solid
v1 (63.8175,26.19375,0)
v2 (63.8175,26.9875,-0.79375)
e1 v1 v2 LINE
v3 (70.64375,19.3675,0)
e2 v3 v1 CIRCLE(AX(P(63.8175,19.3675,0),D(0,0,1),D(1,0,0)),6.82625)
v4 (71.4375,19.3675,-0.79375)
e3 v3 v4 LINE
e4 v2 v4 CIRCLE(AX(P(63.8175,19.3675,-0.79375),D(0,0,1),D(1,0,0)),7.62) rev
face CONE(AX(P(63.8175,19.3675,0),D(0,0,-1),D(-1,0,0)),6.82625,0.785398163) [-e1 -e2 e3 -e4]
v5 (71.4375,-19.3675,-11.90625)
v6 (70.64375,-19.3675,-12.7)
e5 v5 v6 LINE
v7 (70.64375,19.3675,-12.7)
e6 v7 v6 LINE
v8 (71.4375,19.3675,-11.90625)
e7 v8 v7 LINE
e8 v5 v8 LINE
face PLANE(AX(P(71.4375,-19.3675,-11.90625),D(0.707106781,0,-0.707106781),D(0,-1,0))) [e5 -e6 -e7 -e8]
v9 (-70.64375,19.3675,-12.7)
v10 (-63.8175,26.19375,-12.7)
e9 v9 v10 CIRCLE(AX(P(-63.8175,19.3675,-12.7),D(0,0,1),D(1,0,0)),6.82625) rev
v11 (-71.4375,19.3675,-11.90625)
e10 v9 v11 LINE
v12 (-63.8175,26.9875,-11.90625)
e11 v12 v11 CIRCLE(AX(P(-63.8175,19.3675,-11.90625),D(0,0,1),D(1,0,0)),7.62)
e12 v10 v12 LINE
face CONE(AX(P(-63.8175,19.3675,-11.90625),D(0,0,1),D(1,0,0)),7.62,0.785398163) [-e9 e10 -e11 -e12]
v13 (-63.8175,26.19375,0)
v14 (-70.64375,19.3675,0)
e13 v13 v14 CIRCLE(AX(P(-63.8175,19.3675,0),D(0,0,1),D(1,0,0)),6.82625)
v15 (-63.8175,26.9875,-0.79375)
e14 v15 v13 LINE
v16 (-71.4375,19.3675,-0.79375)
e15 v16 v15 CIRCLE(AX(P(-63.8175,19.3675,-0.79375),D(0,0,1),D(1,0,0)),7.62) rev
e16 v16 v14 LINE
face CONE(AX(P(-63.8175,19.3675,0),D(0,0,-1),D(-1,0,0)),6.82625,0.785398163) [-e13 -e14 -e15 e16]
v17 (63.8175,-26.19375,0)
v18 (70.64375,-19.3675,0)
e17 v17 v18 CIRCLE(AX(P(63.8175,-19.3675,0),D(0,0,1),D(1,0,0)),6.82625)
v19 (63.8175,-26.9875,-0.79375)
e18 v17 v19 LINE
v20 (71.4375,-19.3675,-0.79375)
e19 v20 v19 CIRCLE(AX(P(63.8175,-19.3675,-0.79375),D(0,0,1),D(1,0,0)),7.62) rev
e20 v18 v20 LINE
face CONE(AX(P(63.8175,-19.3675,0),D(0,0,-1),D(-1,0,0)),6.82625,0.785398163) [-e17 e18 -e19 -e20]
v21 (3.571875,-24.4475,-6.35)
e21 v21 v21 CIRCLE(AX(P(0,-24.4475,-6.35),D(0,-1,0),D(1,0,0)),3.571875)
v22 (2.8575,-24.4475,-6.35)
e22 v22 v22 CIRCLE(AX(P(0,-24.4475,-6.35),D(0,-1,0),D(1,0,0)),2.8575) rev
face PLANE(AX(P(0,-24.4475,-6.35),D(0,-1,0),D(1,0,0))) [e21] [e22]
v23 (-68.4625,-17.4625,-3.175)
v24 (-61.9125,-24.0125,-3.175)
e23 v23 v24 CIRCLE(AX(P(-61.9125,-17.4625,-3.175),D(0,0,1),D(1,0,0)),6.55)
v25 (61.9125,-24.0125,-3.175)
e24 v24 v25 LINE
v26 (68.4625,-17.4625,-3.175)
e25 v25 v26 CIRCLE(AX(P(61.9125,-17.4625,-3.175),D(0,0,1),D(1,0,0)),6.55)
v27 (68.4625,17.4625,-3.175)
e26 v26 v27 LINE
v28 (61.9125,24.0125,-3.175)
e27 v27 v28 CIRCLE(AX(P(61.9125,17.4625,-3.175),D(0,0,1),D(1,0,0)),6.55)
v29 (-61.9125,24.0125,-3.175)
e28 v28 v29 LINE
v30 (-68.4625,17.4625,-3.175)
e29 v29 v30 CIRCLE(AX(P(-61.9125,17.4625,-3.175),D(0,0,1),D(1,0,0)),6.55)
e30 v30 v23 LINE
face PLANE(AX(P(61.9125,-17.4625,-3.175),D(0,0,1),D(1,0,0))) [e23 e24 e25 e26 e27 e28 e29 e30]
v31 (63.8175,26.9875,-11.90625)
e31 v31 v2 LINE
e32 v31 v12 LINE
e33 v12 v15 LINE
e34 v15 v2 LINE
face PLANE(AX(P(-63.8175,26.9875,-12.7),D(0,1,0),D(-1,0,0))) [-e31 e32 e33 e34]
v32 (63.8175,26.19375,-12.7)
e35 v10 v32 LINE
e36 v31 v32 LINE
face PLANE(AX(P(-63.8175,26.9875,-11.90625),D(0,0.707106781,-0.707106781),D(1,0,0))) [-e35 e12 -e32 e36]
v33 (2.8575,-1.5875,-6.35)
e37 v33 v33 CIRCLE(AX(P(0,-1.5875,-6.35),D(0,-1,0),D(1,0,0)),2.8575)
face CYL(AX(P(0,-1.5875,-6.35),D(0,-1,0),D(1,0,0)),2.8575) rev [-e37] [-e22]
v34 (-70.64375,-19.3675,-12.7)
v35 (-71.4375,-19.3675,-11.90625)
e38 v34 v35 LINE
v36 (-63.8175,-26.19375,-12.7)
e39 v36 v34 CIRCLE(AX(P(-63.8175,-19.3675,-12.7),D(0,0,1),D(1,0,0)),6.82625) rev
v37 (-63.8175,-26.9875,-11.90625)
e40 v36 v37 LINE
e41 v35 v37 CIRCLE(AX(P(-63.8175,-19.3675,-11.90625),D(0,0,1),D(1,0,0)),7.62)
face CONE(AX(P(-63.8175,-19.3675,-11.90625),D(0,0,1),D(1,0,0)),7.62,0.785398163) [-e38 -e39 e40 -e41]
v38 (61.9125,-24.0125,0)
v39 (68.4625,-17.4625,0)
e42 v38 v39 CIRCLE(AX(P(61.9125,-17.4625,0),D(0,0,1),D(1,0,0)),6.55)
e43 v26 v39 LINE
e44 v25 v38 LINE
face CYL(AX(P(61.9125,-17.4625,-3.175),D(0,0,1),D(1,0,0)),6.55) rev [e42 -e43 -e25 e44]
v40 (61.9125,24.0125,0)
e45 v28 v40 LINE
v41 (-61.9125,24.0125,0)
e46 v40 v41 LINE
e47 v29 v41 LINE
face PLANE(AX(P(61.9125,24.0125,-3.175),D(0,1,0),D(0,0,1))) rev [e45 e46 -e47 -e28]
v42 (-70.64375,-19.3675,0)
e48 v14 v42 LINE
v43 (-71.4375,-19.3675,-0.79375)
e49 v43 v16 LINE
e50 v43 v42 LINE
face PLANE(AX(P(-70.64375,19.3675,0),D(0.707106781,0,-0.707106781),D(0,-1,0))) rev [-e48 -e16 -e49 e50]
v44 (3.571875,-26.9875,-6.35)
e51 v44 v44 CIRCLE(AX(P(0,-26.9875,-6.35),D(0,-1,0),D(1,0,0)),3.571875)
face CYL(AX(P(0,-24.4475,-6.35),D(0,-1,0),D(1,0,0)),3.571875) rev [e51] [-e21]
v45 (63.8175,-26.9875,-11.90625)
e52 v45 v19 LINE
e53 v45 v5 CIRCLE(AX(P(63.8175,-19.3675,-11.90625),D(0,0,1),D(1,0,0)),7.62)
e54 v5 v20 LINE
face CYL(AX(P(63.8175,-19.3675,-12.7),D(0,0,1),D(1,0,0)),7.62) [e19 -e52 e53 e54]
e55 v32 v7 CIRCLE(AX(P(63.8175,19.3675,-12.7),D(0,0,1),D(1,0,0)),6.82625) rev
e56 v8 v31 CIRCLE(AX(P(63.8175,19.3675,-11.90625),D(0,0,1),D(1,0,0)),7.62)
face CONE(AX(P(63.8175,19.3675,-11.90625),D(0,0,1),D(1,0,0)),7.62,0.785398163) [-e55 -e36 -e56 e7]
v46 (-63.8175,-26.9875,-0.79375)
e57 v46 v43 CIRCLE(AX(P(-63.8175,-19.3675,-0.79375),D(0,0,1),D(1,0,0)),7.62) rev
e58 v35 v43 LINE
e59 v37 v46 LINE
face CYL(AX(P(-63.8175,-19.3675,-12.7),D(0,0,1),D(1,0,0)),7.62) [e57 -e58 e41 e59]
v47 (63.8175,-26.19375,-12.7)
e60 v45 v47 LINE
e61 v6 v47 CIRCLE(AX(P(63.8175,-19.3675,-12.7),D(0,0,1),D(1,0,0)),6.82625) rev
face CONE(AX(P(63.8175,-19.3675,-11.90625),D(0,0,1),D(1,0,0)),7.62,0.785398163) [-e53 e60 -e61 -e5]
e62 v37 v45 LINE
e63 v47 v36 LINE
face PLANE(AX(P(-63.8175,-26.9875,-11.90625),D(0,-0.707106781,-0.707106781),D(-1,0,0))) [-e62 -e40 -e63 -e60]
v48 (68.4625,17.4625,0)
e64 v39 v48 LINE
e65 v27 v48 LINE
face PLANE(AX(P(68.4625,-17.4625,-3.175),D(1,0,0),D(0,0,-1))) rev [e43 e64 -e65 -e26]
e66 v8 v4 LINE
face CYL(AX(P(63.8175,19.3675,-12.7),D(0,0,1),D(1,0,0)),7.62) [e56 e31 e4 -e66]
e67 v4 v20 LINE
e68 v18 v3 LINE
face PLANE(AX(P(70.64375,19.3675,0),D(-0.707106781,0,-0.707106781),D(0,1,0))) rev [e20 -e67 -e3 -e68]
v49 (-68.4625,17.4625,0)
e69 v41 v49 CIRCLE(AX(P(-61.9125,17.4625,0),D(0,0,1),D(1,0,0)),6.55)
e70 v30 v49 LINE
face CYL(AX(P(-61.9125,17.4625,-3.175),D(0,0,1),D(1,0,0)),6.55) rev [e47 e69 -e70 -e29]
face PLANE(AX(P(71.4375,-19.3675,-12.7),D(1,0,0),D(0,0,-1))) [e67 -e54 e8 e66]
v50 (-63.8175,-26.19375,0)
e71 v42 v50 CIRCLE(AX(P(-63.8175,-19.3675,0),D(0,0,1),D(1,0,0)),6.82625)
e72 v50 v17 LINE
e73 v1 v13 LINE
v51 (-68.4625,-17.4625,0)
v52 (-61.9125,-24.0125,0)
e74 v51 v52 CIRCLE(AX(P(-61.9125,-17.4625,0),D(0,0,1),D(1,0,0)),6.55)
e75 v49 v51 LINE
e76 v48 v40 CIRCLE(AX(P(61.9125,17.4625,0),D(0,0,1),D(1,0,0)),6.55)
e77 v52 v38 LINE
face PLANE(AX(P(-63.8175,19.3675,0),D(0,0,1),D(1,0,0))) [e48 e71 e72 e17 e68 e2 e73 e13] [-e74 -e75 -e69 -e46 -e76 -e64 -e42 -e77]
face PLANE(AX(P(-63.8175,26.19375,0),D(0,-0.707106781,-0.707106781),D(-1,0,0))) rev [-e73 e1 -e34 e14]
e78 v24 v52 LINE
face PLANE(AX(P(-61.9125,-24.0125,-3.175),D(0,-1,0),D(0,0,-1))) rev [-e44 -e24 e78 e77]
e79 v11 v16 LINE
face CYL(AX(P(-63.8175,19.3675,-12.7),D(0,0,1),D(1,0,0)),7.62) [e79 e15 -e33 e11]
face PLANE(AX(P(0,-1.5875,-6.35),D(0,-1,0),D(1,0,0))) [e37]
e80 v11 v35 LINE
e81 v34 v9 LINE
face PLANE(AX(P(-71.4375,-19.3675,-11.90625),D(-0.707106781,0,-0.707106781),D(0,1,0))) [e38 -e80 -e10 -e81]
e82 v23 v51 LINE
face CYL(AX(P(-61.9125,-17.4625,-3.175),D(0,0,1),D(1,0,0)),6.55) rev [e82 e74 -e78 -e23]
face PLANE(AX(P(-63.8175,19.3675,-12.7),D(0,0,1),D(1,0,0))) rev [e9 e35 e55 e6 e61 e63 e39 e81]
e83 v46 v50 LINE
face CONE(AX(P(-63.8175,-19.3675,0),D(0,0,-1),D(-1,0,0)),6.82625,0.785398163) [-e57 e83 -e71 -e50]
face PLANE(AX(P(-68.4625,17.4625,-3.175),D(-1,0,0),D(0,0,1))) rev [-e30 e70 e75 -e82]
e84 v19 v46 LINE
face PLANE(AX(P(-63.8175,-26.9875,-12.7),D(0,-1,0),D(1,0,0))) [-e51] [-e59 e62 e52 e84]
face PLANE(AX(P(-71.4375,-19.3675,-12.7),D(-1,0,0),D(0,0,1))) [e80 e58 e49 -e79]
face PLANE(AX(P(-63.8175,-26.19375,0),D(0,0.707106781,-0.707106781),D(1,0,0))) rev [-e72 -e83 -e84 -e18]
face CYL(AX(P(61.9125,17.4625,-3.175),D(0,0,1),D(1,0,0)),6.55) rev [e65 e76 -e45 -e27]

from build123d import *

# Parameters (mm, degrees)
BOSS_EXTRUDE1_DEPTH = 12.7
CUT_EXTRUDE1_DEPTH  = 3.175
SKETCH3_R           = 2.8575
CUT_EXTRUDE2_DEPTH  = 25.4
SKETCH4_R           = 3.571875
CUT_EXTRUDE4_DEPTH  = 2.54
CHAMFER1_SIZE       = 0.79375


with BuildPart() as part:
    # Sketch1 → Boss-Extrude1 (new body)
    with BuildSketch(Plane.XY):
        with BuildLine():
            Line((71.4375, -19.3675), (71.4375, 19.3675))
            ThreePointArc((71.4375, 19.3675), (69.205653673, 24.755653673), (63.8175, 26.9875))
            Line((63.8175, 26.9875), (-63.8175, 26.9875))
            ThreePointArc((-63.8175, 26.9875), (-69.205653673, 24.755653673), (-71.4375, 19.3675))
            Line((-71.4375, 19.3675), (-71.4375, -19.3675))
            ThreePointArc((-71.4375, -19.3675), (-69.205653673, -24.755653673), (-63.8175, -26.9875))
            Line((-63.8175, -26.9875), (63.8175, -26.9875))
            ThreePointArc((63.8175, -26.9875), (69.205653673, -24.755653673), (71.4375, -19.3675))
        make_face()
    extrude(amount=-BOSS_EXTRUDE1_DEPTH)

    # Sketch2 → Cut-Extrude1 (cut)
    with BuildSketch(Plane.XY):
        with BuildLine():
            Line((68.4625, -17.4625), (68.4625, 17.4625))
            ThreePointArc((68.4625, 17.4625), (66.544049417, 22.094049417), (61.9125, 24.0125))
            Line((61.9125, 24.0125), (-61.9125, 24.0125))
            ThreePointArc((-61.9125, 24.0125), (-66.544049417, 22.094049417), (-68.4625, 17.4625))
            Line((-68.4625, 17.4625), (-68.4625, -17.4625))
            ThreePointArc((-68.4625, -17.4625), (-66.544049417, -22.094049417), (-61.9125, -24.0125))
            Line((-61.9125, -24.0125), (61.9125, -24.0125))
            ThreePointArc((61.9125, -24.0125), (66.544049417, -22.094049417), (68.4625, -17.4625))
        make_face()
    extrude(amount=-CUT_EXTRUDE1_DEPTH, mode=Mode.SUBTRACT)

    # Sketch3 → Cut-Extrude2 (cut)
    with BuildSketch(Plane.XZ.offset(26.9875)):
        with Locations((0, -6.35)):
            Circle(SKETCH3_R)
    extrude(amount=-CUT_EXTRUDE2_DEPTH, mode=Mode.SUBTRACT)

    # Sketch4 → Cut-Extrude4 (cut)
    with BuildSketch(Plane.XZ.offset(26.9875)):
        with Locations((0, -6.35)):
            Circle(SKETCH4_R)
    extrude(amount=-CUT_EXTRUDE4_DEPTH, mode=Mode.SUBTRACT)

    # Chamfer1
    chamfer1_edges = [part.edges().sort_by_distance(p)[0] for p in [
        (0, -26.9875, 0),
        (-69.205653673, -24.755653673, 0),
        (-71.4375, 0, 0),
        (-69.205653673, 24.755653673, 0),
        (-69.205653673, -24.755653673, -12.7),
        (0, -26.9875, -12.7),
        (69.205653673, -24.755653673, -12.7),
        (71.4375, 0, -12.7),
        (69.205653673, 24.755653673, -12.7),
        (0, 26.9875, -12.7),
        (-69.205653673, 24.755653673, -12.7),
        (0, 26.9875, 0),
        (-71.4375, 0, -12.7),
        (69.205653673, 24.755653673, 0),
        (71.4375, 0, 0),
        (69.205653673, -24.755653673, 0),
    ]]
    chamfer(chamfer1_edges, length=CHAMFER1_SIZE)


solid = part.part
